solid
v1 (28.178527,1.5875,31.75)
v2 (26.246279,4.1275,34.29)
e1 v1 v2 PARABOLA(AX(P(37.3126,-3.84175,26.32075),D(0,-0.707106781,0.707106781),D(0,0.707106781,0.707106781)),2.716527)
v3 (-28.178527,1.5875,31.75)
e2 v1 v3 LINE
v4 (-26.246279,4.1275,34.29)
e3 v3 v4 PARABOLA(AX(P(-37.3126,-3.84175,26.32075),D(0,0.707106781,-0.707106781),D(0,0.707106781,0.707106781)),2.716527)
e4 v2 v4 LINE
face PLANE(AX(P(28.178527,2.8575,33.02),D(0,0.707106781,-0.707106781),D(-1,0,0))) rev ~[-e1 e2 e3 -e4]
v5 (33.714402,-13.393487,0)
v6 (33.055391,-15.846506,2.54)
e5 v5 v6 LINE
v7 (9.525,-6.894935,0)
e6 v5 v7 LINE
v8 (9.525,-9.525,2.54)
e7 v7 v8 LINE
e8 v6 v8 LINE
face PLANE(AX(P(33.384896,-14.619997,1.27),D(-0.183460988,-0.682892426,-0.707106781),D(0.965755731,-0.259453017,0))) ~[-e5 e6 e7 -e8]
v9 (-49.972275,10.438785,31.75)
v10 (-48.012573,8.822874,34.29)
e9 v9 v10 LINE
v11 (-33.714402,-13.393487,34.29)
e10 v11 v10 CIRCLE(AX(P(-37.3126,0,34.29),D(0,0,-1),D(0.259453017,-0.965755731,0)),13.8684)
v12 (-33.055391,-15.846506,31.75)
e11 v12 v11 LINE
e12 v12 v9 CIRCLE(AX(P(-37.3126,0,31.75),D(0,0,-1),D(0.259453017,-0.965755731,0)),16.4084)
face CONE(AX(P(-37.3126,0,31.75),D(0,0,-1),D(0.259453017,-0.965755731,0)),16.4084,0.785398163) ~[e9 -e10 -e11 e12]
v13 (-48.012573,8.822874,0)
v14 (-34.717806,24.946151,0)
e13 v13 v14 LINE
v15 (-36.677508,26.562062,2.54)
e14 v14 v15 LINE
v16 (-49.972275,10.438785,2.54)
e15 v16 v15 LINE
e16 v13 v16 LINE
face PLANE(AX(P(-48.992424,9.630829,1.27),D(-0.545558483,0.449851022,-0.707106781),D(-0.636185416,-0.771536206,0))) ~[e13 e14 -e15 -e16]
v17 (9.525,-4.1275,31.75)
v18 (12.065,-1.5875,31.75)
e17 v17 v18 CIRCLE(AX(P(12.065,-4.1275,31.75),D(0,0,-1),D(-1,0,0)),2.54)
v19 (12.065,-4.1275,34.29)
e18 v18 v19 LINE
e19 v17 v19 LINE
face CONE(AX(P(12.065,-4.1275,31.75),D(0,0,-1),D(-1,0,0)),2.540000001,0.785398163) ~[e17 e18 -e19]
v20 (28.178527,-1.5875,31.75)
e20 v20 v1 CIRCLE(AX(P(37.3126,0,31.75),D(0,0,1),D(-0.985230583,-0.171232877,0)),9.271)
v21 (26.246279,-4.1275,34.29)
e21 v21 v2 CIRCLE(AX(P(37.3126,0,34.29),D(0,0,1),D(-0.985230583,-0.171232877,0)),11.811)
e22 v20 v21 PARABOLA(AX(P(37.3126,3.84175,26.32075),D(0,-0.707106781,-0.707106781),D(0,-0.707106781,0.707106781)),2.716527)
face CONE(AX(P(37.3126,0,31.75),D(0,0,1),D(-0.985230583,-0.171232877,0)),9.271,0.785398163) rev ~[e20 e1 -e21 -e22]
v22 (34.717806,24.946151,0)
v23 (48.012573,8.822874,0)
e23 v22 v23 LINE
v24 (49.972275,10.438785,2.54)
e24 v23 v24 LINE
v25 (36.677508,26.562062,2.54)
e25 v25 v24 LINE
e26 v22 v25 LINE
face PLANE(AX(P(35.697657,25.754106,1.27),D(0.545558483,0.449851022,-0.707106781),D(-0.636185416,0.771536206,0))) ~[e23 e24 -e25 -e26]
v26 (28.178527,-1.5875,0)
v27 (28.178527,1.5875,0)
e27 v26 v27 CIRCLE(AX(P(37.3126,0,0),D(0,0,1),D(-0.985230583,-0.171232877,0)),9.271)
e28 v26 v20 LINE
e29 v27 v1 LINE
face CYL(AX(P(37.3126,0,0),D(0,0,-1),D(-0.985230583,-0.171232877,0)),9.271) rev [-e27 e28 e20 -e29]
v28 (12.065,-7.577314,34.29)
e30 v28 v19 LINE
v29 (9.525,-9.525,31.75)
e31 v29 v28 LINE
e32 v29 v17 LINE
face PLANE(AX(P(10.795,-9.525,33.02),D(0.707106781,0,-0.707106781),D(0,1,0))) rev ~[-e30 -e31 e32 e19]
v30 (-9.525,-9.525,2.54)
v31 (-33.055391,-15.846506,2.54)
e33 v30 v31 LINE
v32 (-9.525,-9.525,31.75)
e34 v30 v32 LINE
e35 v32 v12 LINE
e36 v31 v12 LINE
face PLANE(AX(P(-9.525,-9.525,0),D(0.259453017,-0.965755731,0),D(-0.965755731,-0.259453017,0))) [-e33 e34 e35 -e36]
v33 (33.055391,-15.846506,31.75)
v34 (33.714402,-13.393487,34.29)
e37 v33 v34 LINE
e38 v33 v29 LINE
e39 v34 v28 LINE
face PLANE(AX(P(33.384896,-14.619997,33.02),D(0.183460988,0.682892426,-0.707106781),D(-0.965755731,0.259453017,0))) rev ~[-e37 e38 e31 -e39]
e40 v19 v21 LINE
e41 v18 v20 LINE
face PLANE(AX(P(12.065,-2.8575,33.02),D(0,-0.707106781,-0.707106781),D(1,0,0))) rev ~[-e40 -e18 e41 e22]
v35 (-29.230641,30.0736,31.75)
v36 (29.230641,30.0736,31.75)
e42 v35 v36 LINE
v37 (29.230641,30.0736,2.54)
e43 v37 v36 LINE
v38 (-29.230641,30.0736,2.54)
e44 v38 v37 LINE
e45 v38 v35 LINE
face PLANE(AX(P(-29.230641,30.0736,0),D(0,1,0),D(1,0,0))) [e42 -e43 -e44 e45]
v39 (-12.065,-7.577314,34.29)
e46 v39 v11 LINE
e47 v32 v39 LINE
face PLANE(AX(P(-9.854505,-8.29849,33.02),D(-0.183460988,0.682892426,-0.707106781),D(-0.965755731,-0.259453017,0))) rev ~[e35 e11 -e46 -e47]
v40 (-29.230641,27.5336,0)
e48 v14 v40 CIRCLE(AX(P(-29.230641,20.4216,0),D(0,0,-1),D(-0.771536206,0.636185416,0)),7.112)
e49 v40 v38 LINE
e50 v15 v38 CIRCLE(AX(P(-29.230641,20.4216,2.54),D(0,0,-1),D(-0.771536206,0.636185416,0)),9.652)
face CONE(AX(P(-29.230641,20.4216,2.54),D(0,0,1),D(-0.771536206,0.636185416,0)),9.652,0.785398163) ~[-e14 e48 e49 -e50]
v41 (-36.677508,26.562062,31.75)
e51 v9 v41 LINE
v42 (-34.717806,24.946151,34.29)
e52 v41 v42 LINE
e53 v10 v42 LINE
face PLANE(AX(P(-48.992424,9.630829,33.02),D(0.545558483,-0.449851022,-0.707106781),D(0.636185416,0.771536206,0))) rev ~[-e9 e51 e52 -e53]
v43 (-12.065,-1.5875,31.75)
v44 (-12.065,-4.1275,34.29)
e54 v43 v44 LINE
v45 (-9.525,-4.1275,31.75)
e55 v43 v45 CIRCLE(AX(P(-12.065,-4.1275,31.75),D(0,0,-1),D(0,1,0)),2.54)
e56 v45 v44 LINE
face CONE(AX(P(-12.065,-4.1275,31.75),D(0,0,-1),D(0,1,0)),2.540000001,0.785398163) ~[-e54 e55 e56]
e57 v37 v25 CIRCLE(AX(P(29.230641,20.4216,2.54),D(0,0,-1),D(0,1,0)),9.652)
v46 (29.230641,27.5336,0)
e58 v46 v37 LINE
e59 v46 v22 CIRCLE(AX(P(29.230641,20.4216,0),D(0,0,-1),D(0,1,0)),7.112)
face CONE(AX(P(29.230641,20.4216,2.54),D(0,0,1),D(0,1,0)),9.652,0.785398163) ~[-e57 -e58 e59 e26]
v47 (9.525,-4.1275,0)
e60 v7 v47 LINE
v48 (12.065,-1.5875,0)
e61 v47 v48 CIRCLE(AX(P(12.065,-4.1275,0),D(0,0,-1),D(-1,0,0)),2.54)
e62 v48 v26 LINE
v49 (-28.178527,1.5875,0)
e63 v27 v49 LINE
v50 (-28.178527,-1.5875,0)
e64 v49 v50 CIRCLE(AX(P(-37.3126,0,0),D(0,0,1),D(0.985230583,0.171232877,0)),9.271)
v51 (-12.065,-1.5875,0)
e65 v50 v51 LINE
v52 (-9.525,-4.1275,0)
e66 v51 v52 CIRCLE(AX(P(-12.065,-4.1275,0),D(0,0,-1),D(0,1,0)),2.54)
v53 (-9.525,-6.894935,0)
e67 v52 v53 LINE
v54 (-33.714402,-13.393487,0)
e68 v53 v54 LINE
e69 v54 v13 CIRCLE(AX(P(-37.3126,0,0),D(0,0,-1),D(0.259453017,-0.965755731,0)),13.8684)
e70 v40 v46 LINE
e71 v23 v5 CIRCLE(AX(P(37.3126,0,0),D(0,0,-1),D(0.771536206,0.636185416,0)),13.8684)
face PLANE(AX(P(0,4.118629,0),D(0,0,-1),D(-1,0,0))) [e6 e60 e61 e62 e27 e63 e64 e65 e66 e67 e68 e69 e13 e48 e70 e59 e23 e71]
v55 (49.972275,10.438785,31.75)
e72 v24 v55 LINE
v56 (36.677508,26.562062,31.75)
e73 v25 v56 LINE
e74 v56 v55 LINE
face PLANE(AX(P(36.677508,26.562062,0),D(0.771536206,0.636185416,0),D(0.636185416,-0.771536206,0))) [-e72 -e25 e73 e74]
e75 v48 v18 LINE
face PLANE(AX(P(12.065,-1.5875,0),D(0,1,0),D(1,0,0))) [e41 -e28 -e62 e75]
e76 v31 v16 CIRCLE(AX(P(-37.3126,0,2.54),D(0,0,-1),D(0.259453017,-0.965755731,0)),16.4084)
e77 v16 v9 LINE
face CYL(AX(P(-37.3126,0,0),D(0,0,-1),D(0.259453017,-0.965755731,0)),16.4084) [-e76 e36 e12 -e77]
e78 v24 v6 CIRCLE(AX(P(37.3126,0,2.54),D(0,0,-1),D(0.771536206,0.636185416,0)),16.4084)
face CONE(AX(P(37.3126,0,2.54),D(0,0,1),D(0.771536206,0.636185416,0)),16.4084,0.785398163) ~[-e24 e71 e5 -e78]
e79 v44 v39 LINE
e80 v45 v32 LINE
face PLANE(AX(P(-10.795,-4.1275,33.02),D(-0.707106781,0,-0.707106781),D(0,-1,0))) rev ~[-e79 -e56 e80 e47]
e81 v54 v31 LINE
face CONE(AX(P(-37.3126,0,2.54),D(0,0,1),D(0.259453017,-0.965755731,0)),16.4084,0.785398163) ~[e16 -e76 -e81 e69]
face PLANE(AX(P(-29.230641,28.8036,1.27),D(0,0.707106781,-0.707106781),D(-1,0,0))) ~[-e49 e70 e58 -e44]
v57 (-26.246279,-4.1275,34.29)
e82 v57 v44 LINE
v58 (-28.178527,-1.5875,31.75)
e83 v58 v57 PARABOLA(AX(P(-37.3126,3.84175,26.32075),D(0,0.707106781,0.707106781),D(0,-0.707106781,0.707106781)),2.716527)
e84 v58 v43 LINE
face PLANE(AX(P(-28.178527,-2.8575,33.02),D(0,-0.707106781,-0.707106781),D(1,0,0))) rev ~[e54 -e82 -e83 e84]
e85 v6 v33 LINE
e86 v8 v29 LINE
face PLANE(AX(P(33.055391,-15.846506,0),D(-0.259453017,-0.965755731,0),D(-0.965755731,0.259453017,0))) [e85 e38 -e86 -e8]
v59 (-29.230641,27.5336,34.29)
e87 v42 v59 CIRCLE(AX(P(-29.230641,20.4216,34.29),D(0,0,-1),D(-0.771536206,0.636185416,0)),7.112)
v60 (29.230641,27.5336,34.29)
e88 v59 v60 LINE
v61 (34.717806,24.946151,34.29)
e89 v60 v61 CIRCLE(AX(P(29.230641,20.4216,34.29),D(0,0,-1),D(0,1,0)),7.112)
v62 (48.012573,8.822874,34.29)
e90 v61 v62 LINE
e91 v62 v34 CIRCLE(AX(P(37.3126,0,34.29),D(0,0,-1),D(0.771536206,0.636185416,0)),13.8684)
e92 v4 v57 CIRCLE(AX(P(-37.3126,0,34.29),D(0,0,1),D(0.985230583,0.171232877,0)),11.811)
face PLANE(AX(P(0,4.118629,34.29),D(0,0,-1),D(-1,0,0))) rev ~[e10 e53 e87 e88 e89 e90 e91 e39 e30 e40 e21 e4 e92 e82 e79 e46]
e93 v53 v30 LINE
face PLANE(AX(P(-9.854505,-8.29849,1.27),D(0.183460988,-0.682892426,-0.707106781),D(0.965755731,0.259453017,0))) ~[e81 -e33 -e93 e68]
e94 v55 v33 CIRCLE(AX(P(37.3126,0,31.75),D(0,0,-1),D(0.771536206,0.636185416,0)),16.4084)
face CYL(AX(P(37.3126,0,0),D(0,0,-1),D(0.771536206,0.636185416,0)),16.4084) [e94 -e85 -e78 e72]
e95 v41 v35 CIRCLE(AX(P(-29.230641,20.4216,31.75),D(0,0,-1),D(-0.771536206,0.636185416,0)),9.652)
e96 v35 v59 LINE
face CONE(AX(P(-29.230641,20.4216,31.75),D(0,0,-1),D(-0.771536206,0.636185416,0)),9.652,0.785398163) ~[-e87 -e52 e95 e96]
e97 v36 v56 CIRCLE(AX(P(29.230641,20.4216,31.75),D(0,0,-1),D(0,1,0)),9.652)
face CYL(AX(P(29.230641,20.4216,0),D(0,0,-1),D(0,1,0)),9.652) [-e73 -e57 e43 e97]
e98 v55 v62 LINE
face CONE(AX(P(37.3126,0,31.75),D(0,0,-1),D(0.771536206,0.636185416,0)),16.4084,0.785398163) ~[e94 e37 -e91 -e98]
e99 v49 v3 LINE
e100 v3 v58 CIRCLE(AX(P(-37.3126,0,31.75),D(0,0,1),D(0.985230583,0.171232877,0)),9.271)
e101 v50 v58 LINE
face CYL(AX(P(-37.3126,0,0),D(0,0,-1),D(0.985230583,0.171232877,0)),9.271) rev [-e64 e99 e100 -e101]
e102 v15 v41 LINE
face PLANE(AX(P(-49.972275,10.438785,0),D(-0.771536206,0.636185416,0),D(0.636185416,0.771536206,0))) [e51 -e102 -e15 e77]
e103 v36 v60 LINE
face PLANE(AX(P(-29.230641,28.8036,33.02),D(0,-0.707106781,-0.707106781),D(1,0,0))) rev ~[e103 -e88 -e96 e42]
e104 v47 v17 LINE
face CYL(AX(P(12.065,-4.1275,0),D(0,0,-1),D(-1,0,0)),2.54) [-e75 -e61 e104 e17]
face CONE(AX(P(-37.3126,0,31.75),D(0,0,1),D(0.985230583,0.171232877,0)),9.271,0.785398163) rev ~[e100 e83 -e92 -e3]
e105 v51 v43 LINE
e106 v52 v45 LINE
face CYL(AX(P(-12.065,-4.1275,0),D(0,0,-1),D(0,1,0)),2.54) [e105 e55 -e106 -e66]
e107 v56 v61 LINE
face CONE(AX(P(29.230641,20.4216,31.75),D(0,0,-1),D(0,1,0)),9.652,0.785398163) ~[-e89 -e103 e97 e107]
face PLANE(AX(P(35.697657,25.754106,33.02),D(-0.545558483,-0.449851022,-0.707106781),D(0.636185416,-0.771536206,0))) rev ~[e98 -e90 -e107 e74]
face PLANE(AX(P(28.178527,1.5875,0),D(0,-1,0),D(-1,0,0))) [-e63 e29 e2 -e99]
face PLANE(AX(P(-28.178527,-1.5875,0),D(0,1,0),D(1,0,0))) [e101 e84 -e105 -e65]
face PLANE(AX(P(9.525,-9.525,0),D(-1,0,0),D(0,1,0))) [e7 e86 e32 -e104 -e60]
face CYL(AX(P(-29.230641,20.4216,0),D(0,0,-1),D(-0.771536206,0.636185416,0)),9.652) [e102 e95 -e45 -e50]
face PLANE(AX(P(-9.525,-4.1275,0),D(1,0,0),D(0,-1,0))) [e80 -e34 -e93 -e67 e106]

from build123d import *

# Parameters (mm, degrees)
BOSS_EXTRUDE2_DEPTH = 34.29
CHAMFER1_SIZE       = 2.54
CHAMFER2_SIZE       = 2.54


with BuildPart() as part:
    # Sketch2 → Boss-Extrude2 (new body)
    with BuildSketch(Plane.XY):
        with BuildLine():
            Line((-29.230640855, 30.0736), (29.230640855, 30.0736))
            ThreePointArc((29.230640855, 30.0736), (33.347275907, 29.151687047), (36.677508311, 26.562061635))
            Line((36.677508311, 26.562061635), (49.972274675, 10.43878478))
            ThreePointArc((49.972274675, 10.43878478), (51.110407437, -8.880095747), (33.055391111, -15.846506335))
            Line((33.055391111, -15.846506335), (9.525, -9.525))
            Line((9.525, -9.525), (9.525, -4.1275))
            ThreePointArc((9.525, -4.1275), (10.268948776, -2.331448776), (12.065, -1.5875))
            Line((12.065, -1.5875), (28.178527264, -1.5875))
            ThreePointArc((28.178527264, -1.5875), (46.5836, 0), (28.178527264, 1.5875))
            Line((28.178527264, 1.5875), (-28.178527264, 1.5875))
            ThreePointArc((-28.178527264, 1.5875), (-46.5836, 0), (-28.178527264, -1.5875))
            Line((-28.178527264, -1.5875), (-12.065, -1.5875))
            ThreePointArc((-12.065, -1.5875), (-10.268948776, -2.331448776), (-9.525, -4.1275))
            Line((-9.525, -4.1275), (-9.525, -9.525))
            Line((-9.525, -9.525), (-33.055391111, -15.846506335))
            ThreePointArc((-33.055391111, -15.846506335), (-51.110407437, -8.880095747), (-49.972274675, 10.43878478))
            Line((-49.972274675, 10.43878478), (-36.677508311, 26.562061635))
            ThreePointArc((-36.677508311, 26.562061635), (-33.347275907, 29.151687047), (-29.230640855, 30.0736))
        make_face()
    extrude(amount=BOSS_EXTRUDE2_DEPTH)

    # Chamfer1
    chamfer1_edges = [part.edges().sort_by_distance(p)[0] for p in [
        (33.347275907, 29.151687047, 34.29),
        (0, 30.0736, 34.29),
        (-33.347275907, 29.151687047, 34.29),
        (-43.324891493, 18.500423208, 34.29),
        (-51.110407437, -8.880095747, 34.29),
        (-21.290195556, -12.685753168, 34.29),
        (-9.525, -6.82625, 34.29),
        (-10.268948776, -2.331448776, 34.29),
        (-20.121763632, -1.5875, 34.29),
        (-46.5836, 0, 34.29),
        (51.110407437, -8.880095747, 34.29),
        (0, 1.5875, 34.29),
        (46.5836, 0, 34.29),
        (20.121763632, -1.5875, 34.29),
        (10.268948776, -2.331448776, 34.29),
        (9.525, -6.82625, 34.29),
        (21.290195556, -12.685753168, 34.29),
        (43.324891493, 18.500423208, 34.29),
    ]]
    chamfer(chamfer1_edges, length=CHAMFER1_SIZE)

    # Chamfer2
    chamfer2_edges = [part.edges().sort_by_distance(p)[0] for p in [
        (21.290195556, -12.685753168, 0),
        (-21.290195556, -12.685753168, 0),
        (-51.110407437, -8.880095747, 0),
        (-43.324891493, 18.500423208, 0),
        (-33.347275907, 29.151687047, 0),
        (0, 30.0736, 0),
        (33.347275907, 29.151687047, 0),
        (43.324891493, 18.500423208, 0),
        (51.110407437, -8.880095747, 0),
    ]]
    chamfer(chamfer2_edges, length=CHAMFER2_SIZE)


solid = part.part
